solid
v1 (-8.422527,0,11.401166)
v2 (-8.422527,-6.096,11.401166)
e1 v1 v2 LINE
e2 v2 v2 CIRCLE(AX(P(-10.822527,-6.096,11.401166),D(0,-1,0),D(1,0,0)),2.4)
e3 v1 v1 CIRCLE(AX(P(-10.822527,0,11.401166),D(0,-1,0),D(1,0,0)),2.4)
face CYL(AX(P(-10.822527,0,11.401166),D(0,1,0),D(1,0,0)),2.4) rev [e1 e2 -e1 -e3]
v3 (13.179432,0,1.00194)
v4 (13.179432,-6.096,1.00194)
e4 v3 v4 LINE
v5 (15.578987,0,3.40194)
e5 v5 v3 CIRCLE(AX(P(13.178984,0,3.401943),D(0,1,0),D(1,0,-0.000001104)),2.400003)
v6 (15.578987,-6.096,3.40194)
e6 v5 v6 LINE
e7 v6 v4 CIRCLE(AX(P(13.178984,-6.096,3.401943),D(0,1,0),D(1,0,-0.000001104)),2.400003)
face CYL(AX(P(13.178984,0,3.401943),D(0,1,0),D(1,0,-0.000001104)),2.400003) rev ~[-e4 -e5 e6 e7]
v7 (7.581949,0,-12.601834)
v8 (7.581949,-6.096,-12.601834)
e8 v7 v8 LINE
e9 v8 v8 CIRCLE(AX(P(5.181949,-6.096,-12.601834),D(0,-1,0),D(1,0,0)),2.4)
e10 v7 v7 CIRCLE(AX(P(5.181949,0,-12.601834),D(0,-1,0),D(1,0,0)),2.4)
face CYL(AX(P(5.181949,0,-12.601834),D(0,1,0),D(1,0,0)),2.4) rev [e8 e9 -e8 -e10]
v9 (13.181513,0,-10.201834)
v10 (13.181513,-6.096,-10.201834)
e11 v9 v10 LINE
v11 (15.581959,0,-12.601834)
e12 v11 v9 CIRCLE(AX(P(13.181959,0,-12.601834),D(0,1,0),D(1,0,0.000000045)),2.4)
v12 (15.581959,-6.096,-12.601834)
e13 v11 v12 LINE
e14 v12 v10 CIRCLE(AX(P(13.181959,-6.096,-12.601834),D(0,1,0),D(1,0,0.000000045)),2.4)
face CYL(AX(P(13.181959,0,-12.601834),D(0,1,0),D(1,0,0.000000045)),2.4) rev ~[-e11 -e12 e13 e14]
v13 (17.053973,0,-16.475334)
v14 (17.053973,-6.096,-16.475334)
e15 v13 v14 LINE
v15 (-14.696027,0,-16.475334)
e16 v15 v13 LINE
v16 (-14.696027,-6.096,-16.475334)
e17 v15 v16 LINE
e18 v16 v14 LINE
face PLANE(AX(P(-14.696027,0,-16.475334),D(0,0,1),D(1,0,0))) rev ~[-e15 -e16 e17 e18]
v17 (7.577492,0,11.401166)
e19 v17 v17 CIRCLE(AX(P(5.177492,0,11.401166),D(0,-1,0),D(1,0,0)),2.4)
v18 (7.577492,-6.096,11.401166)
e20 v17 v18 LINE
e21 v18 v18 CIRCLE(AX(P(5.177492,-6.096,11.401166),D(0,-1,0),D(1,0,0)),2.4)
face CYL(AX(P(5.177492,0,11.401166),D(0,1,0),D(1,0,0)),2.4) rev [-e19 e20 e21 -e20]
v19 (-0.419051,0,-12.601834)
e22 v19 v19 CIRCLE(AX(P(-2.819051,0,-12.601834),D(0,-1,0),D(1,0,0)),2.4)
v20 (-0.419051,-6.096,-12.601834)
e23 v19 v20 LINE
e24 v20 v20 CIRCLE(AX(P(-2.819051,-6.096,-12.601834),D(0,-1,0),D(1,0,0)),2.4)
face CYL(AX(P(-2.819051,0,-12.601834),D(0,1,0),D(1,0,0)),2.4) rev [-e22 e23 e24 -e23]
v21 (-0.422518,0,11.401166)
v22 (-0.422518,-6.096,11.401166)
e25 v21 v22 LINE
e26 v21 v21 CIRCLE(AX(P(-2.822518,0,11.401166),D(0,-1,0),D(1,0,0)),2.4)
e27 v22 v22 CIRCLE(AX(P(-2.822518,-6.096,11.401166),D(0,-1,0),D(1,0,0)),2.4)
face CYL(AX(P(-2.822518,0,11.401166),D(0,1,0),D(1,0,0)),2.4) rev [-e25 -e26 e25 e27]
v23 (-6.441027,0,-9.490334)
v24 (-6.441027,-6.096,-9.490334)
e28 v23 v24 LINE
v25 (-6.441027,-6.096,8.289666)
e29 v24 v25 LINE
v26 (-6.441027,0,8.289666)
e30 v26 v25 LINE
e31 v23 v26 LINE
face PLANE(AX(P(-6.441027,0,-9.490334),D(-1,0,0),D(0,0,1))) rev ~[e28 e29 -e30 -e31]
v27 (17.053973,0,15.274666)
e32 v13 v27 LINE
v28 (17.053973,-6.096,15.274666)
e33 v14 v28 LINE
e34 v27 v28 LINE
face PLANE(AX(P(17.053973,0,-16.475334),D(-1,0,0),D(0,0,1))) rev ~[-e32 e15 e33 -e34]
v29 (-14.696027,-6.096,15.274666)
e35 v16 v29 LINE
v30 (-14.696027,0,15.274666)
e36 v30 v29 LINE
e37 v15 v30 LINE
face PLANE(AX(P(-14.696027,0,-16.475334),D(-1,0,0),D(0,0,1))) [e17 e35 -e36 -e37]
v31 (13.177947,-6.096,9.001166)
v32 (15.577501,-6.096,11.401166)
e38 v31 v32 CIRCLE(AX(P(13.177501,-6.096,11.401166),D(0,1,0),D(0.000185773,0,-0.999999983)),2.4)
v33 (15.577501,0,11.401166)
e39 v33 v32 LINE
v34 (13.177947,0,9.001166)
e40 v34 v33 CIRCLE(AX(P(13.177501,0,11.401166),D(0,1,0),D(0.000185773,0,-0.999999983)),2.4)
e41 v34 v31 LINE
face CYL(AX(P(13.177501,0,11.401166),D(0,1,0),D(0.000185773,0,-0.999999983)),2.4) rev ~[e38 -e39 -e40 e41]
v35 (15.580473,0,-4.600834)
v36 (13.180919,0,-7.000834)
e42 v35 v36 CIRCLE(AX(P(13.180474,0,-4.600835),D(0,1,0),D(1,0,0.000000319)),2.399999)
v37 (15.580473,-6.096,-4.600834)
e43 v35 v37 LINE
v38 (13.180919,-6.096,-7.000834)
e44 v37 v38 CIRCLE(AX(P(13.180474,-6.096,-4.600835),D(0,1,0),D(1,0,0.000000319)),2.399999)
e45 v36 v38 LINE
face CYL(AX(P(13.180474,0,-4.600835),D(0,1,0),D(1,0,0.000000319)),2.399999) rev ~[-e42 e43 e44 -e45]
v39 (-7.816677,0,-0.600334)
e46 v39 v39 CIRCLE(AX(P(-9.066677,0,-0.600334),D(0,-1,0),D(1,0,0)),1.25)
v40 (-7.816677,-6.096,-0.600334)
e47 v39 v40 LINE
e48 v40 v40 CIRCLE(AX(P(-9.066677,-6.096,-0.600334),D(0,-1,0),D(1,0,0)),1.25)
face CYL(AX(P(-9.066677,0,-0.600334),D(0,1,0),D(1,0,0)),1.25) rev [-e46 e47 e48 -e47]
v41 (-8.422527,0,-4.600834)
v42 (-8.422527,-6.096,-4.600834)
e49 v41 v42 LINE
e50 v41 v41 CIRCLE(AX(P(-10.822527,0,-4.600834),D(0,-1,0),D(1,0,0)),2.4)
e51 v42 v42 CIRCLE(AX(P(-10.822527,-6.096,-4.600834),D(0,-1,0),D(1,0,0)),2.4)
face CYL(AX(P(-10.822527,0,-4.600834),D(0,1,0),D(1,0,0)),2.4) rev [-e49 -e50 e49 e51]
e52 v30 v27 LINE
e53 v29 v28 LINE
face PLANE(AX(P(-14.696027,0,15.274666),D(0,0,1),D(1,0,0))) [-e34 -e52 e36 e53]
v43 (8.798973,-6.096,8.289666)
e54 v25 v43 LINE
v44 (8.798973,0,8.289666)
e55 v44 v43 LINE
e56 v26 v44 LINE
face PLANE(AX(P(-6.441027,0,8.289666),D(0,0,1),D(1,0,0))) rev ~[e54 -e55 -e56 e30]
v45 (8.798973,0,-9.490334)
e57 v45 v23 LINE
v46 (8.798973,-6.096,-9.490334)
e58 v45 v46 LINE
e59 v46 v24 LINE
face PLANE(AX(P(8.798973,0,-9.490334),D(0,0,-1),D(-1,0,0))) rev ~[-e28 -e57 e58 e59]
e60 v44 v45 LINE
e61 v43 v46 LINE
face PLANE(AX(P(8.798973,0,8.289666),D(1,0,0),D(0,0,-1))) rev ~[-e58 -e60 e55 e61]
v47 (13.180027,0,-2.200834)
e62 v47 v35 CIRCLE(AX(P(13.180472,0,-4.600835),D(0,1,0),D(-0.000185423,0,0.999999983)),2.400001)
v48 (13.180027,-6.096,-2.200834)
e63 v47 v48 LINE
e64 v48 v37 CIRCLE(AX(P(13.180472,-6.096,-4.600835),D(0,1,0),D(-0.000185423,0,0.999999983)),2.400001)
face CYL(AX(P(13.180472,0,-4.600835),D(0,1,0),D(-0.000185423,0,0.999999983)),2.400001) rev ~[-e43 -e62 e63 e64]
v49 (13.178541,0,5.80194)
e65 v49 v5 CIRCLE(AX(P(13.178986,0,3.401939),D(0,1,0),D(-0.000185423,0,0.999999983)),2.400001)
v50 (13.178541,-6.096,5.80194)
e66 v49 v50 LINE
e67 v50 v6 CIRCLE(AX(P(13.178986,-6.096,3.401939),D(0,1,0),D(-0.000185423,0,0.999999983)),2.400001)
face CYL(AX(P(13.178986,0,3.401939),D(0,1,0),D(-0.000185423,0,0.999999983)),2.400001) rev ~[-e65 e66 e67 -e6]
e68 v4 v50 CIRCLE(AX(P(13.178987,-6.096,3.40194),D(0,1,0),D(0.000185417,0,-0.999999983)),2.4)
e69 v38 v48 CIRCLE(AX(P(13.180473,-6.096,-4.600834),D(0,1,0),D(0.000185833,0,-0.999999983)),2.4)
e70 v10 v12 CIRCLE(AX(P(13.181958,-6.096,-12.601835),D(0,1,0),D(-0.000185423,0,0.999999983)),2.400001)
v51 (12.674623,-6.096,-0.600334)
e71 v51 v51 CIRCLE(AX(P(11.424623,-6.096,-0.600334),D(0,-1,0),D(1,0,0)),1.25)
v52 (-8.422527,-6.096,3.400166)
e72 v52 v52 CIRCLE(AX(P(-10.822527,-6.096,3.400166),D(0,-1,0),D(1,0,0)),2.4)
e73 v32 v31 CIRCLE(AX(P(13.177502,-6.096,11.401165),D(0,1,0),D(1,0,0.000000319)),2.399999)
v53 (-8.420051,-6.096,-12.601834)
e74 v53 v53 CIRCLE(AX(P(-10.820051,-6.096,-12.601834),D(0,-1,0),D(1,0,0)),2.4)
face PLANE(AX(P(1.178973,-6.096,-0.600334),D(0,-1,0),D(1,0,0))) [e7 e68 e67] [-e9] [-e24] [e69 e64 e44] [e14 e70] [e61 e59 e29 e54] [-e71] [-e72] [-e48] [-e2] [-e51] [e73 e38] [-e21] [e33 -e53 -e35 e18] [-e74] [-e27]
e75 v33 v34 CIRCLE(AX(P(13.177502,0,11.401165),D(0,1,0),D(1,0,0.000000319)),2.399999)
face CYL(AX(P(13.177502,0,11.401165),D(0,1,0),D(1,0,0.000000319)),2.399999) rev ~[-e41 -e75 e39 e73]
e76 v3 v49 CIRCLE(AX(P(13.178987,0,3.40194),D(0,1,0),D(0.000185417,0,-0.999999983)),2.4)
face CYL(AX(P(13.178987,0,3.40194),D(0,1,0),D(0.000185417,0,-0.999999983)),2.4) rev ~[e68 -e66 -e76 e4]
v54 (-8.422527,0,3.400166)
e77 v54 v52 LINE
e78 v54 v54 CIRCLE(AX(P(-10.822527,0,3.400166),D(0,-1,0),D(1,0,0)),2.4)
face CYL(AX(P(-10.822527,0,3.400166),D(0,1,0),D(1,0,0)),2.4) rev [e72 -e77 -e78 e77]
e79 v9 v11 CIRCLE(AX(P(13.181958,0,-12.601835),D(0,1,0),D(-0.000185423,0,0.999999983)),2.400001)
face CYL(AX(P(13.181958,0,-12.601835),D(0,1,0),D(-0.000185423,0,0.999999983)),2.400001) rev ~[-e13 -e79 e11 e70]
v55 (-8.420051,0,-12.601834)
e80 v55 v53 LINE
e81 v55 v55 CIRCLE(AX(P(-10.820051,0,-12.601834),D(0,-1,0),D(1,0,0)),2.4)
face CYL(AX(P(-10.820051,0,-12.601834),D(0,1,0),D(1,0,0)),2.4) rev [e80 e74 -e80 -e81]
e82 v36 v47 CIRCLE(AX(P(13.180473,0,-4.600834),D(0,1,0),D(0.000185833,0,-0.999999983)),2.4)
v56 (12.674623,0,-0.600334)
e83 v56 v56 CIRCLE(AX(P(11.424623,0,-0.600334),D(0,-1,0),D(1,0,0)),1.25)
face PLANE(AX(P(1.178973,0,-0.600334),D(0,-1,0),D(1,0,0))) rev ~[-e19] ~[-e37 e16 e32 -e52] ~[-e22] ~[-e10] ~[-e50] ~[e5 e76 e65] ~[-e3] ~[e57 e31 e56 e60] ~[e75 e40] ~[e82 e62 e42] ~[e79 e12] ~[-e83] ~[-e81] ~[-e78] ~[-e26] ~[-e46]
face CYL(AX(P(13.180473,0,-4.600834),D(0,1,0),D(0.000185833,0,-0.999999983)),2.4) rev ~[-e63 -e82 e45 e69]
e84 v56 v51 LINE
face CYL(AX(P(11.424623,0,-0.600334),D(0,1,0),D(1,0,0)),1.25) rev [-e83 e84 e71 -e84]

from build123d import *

# Parameters (mm, degrees)
F0_W     = 31.75
F0_H     = 31.75
F0_R     = 2.4
F0_R_2   = 1.25
F1_DEPTH = 6.096


with BuildPart() as f1:
    # F0 (on Front) → F1 (new body)
    with BuildSketch(Plane.XZ):
        with Locations((1.178973, -0.600334)):
            Rectangle(F0_W, F0_H)
        with Locations((-10.820051, -12.601834)):
            Circle(F0_R, mode=Mode.SUBTRACT)
        with Locations((-2.819051, -12.601834)):
            Circle(F0_R, mode=Mode.SUBTRACT)
        with Locations((-10.822527, -4.600834)):
            Circle(F0_R, mode=Mode.SUBTRACT)
        with Locations((5.181949, -12.601834)):
            Circle(F0_R, mode=Mode.SUBTRACT)
        with BuildLine():
            ThreePointArc((15.581959, -12.601834), (11.48506, -14.299048), (13.181513, -10.201834))
            ThreePointArc((13.181513, -10.201834), (14.878857, -10.90462), (15.581959, -12.601834))
        make_face(mode=Mode.SUBTRACT)
        Polygon((1.178973, 8.289666), (8.798973, 8.289666), (8.798973, -0.600334), (8.798973, -9.490334), (1.178973, -9.490334), (-6.441027, -9.490334), (-6.441027, -0.600334), (-6.441027, 8.289666), align=None, mode=Mode.SUBTRACT)
        with BuildLine():
            ThreePointArc((13.180919, -7.000834), (10.780473, -4.60128), (13.180027, -2.200834))
            ThreePointArc((13.180027, -2.200834), (14.877371, -2.90362), (15.580473, -4.600834))
            ThreePointArc((15.580473, -4.600834), (14.877687, -6.297733), (13.180919, -7.000834))
        make_face(mode=Mode.SUBTRACT)
        with Locations((-9.066677, -0.600334)):
            Circle(F0_R_2, mode=Mode.SUBTRACT)
        with Locations((-10.822527, 3.400166)):
            Circle(F0_R, mode=Mode.SUBTRACT)
        with Locations((-10.822527, 11.401166)):
            Circle(F0_R, mode=Mode.SUBTRACT)
        with Locations((-2.822518, 11.401166)):
            Circle(F0_R, mode=Mode.SUBTRACT)
        with Locations((11.424623, -0.600334)):
            Circle(F0_R_2, mode=Mode.SUBTRACT)
        with BuildLine():
            ThreePointArc((13.179432, 1.00194), (10.778987, 3.401495), (13.178541, 5.80194))
            ThreePointArc((13.178541, 5.80194), (14.875885, 5.099154), (15.578987, 3.40194))
            ThreePointArc((15.578987, 3.40194), (14.8762, 1.705042), (13.179432, 1.00194))
        make_face(mode=Mode.SUBTRACT)
        with Locations((5.177492, 11.401166)):
            Circle(F0_R, mode=Mode.SUBTRACT)
        with BuildLine():
            ThreePointArc((13.177947, 9.001166), (11.480287, 13.098064), (15.577501, 11.401166))
            ThreePointArc((15.577501, 11.401166), (14.874715, 9.704267), (13.177947, 9.001166))
        make_face(mode=Mode.SUBTRACT)
    extrude(amount=F1_DEPTH)


solid = f1.part
